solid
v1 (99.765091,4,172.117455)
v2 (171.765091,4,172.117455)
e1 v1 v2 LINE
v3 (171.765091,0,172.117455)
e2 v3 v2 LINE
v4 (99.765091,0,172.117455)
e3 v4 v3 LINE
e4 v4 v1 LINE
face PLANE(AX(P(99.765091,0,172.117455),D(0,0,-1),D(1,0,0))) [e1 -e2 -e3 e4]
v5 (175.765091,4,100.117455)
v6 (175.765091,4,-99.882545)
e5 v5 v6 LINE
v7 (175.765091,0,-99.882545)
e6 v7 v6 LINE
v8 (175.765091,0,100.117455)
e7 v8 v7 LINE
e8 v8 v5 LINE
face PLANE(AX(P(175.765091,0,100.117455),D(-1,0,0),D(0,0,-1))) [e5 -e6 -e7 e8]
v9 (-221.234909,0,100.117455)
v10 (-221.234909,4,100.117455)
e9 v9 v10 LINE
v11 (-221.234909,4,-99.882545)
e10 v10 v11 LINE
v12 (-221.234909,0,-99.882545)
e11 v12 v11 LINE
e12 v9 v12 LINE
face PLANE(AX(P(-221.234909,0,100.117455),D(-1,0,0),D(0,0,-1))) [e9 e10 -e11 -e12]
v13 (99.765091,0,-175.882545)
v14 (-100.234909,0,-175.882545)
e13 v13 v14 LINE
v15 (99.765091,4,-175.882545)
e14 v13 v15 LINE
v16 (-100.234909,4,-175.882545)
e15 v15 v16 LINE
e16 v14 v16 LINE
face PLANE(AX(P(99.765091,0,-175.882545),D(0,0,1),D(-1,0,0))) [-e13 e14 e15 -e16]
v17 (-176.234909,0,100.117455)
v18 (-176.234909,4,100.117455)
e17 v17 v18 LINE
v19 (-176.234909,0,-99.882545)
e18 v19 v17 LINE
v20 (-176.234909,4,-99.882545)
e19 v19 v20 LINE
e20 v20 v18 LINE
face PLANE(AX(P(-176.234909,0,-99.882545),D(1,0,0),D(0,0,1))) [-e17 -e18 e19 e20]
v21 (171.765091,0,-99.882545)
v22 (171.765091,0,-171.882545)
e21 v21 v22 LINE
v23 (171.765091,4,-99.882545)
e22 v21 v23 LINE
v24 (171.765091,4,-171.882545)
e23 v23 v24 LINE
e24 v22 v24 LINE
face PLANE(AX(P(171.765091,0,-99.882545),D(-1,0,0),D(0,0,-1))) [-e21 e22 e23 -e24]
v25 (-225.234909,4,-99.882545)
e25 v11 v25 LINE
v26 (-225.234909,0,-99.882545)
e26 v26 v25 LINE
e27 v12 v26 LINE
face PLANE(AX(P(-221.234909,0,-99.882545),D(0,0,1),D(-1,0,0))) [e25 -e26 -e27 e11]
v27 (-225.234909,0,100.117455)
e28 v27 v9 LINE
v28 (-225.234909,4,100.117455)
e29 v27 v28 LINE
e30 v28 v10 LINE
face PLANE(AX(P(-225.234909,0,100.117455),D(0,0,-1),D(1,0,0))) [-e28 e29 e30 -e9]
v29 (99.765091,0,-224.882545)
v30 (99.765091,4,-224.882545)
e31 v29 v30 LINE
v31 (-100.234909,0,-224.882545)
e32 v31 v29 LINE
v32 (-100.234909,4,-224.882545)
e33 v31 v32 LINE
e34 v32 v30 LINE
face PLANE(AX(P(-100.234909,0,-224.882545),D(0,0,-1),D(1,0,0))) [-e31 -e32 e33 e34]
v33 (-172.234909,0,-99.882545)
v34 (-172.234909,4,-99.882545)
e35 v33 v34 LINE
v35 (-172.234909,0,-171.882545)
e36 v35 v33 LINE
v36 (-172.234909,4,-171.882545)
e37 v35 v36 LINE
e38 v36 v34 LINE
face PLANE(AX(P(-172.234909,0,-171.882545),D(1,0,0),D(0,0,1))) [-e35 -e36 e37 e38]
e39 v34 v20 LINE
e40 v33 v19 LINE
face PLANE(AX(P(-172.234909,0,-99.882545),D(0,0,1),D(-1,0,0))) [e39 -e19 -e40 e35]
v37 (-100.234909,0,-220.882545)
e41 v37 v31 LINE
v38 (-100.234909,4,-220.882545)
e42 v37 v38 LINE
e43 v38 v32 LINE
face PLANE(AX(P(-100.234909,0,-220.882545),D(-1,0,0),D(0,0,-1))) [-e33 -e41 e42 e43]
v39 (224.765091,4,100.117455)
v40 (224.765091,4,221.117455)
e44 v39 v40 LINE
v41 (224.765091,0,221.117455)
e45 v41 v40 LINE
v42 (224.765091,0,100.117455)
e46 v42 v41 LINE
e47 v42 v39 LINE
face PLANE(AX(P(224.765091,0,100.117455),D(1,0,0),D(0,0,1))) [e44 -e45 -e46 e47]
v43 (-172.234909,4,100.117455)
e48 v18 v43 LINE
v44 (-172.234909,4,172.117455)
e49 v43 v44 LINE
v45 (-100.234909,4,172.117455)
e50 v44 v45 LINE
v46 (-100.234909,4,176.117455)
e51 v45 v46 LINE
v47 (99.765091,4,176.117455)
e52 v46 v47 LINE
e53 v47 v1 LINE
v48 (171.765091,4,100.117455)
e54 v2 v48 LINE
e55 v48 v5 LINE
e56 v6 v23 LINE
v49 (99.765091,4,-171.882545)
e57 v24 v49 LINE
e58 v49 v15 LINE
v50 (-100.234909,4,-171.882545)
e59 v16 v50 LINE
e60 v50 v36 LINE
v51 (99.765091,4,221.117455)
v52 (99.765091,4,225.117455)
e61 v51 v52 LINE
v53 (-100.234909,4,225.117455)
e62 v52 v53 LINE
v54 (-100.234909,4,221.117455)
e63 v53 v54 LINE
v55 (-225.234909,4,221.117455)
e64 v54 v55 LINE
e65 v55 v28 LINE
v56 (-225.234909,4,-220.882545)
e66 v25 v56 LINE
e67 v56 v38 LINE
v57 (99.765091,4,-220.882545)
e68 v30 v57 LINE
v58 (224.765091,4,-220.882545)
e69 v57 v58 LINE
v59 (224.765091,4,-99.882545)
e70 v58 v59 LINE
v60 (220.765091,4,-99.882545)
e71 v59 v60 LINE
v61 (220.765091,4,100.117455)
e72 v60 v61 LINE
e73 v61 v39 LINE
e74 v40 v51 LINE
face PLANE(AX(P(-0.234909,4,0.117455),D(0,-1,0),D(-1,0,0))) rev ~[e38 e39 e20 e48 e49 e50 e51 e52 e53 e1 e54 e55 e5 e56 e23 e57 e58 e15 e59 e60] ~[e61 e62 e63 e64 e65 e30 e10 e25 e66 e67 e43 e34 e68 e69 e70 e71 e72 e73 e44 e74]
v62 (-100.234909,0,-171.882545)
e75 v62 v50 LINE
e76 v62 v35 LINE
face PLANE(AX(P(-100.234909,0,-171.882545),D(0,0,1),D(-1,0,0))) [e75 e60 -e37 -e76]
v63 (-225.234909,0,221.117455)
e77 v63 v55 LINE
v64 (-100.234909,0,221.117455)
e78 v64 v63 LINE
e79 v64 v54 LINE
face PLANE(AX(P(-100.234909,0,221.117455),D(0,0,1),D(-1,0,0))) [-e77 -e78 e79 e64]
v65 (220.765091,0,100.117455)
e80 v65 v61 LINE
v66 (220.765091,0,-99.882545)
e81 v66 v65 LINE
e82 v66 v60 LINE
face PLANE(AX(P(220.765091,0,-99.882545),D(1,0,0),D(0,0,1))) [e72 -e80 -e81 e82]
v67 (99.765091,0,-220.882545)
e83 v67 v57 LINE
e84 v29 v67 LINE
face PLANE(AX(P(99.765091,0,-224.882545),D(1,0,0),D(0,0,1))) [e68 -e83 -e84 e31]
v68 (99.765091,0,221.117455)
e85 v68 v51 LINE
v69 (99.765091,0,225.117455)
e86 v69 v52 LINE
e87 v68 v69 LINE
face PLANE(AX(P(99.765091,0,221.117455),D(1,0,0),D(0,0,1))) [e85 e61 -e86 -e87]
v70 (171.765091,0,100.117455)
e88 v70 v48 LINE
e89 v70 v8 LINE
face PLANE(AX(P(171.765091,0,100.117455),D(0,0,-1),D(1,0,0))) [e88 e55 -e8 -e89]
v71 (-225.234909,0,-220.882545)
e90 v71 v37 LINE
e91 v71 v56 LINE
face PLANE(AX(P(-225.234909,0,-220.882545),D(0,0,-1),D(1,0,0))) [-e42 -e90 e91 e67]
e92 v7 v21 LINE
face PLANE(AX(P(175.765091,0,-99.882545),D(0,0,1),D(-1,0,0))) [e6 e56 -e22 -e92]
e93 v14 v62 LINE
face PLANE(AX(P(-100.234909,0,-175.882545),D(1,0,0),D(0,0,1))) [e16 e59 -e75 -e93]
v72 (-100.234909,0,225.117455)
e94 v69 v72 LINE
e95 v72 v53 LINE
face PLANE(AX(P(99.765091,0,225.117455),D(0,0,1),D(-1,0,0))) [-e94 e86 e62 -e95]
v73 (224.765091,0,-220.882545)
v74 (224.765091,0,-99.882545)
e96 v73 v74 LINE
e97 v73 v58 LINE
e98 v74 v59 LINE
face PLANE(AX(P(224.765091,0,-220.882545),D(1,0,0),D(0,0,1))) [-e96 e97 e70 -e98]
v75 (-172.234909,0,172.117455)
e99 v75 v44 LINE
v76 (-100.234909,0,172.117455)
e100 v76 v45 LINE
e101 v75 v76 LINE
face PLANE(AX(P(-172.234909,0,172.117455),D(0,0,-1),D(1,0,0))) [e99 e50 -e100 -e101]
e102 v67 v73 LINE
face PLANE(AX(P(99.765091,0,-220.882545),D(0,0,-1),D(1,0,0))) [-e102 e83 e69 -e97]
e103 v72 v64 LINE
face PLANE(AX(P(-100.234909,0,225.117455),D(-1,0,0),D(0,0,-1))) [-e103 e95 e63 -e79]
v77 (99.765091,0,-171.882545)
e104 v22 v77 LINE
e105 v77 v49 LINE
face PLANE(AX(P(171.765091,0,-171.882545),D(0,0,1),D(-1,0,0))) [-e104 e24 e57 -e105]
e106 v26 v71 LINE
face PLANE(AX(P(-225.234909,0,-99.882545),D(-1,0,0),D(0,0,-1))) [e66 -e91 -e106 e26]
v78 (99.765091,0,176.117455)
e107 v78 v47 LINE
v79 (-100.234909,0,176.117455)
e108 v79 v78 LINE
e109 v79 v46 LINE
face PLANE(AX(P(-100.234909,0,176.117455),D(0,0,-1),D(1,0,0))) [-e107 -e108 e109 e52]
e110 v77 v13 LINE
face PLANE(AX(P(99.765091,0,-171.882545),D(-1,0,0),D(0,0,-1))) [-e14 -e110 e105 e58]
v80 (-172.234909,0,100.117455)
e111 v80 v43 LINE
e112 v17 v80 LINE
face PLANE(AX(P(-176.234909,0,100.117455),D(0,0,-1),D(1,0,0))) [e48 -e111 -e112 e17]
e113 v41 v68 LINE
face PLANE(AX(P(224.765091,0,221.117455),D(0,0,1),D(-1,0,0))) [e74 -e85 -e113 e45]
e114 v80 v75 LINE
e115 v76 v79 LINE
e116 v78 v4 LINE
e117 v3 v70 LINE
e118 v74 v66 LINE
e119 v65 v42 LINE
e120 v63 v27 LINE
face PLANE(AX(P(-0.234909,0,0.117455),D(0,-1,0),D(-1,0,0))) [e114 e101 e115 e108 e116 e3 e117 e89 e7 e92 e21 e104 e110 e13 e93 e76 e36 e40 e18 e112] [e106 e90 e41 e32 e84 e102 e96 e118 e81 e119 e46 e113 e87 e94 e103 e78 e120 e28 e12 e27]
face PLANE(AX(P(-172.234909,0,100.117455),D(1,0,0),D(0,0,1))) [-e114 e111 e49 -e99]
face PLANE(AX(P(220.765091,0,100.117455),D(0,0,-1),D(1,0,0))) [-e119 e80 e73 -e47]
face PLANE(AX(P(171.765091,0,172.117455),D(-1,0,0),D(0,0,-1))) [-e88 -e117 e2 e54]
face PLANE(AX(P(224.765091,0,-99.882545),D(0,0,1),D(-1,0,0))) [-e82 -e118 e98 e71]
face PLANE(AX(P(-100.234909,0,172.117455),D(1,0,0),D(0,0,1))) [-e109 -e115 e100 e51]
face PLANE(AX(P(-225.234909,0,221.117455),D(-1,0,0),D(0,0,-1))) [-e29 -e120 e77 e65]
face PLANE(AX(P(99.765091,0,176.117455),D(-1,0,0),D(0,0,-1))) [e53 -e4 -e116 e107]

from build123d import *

# Parameters (mm, degrees)
BOSS_EXTRUDE1_DEPTH = 4


with BuildPart() as part:
    # Sketch1 → Boss-Extrude1 (new body)
    with BuildSketch(Plane(origin=(0, 0, 0), x_dir=(1, 0, 0), z_dir=(0, 1, 0))):
        Polygon((-225.234909125, 99.882545437), (-225.234909125, 220.882545437), (-100.234909125, 220.882545437), (-100.234909125, 224.882545437), (99.765090875, 224.882545437), (99.765090875, 220.882545437), (224.765090875, 220.882545437), (224.765090875, 99.882545437), (220.765090875, 99.882545437), (220.765090875, -100.117454563), (224.765090875, -100.117454563), (224.765090875, -221.117454563), (99.765090875, -221.117454563), (99.765090875, -225.117454563), (-100.234909125, -225.117454563), (-100.234909125, -221.117454563), (-225.234909125, -221.117454563), (-225.234909125, -100.117454563), (-221.234909125, -100.117454563), (-221.234909125, 99.882545437), align=None)
        Polygon((-172.234909125, -172.117454563), (-100.234909125, -172.117454563), (-100.234909125, -176.117454563), (99.765090875, -176.117454563), (99.765090875, -172.117454563), (171.765090875, -172.117454563), (171.765090875, -100.117454563), (175.765090875, -100.117454563), (175.765090875, 99.882545437), (171.765090875, 99.882545437), (171.765090875, 171.882545437), (99.765090875, 171.882545437), (99.765090875, 175.882545437), (-100.234909125, 175.882545437), (-100.234909125, 171.882545437), (-172.234909125, 171.882545437), (-172.234909125, 99.882545437), (-176.234909125, 99.882545437), (-176.234909125, -100.117454563), (-172.234909125, -100.117454563), align=None, mode=Mode.SUBTRACT)
    extrude(amount=BOSS_EXTRUDE1_DEPTH)


solid = part.part
